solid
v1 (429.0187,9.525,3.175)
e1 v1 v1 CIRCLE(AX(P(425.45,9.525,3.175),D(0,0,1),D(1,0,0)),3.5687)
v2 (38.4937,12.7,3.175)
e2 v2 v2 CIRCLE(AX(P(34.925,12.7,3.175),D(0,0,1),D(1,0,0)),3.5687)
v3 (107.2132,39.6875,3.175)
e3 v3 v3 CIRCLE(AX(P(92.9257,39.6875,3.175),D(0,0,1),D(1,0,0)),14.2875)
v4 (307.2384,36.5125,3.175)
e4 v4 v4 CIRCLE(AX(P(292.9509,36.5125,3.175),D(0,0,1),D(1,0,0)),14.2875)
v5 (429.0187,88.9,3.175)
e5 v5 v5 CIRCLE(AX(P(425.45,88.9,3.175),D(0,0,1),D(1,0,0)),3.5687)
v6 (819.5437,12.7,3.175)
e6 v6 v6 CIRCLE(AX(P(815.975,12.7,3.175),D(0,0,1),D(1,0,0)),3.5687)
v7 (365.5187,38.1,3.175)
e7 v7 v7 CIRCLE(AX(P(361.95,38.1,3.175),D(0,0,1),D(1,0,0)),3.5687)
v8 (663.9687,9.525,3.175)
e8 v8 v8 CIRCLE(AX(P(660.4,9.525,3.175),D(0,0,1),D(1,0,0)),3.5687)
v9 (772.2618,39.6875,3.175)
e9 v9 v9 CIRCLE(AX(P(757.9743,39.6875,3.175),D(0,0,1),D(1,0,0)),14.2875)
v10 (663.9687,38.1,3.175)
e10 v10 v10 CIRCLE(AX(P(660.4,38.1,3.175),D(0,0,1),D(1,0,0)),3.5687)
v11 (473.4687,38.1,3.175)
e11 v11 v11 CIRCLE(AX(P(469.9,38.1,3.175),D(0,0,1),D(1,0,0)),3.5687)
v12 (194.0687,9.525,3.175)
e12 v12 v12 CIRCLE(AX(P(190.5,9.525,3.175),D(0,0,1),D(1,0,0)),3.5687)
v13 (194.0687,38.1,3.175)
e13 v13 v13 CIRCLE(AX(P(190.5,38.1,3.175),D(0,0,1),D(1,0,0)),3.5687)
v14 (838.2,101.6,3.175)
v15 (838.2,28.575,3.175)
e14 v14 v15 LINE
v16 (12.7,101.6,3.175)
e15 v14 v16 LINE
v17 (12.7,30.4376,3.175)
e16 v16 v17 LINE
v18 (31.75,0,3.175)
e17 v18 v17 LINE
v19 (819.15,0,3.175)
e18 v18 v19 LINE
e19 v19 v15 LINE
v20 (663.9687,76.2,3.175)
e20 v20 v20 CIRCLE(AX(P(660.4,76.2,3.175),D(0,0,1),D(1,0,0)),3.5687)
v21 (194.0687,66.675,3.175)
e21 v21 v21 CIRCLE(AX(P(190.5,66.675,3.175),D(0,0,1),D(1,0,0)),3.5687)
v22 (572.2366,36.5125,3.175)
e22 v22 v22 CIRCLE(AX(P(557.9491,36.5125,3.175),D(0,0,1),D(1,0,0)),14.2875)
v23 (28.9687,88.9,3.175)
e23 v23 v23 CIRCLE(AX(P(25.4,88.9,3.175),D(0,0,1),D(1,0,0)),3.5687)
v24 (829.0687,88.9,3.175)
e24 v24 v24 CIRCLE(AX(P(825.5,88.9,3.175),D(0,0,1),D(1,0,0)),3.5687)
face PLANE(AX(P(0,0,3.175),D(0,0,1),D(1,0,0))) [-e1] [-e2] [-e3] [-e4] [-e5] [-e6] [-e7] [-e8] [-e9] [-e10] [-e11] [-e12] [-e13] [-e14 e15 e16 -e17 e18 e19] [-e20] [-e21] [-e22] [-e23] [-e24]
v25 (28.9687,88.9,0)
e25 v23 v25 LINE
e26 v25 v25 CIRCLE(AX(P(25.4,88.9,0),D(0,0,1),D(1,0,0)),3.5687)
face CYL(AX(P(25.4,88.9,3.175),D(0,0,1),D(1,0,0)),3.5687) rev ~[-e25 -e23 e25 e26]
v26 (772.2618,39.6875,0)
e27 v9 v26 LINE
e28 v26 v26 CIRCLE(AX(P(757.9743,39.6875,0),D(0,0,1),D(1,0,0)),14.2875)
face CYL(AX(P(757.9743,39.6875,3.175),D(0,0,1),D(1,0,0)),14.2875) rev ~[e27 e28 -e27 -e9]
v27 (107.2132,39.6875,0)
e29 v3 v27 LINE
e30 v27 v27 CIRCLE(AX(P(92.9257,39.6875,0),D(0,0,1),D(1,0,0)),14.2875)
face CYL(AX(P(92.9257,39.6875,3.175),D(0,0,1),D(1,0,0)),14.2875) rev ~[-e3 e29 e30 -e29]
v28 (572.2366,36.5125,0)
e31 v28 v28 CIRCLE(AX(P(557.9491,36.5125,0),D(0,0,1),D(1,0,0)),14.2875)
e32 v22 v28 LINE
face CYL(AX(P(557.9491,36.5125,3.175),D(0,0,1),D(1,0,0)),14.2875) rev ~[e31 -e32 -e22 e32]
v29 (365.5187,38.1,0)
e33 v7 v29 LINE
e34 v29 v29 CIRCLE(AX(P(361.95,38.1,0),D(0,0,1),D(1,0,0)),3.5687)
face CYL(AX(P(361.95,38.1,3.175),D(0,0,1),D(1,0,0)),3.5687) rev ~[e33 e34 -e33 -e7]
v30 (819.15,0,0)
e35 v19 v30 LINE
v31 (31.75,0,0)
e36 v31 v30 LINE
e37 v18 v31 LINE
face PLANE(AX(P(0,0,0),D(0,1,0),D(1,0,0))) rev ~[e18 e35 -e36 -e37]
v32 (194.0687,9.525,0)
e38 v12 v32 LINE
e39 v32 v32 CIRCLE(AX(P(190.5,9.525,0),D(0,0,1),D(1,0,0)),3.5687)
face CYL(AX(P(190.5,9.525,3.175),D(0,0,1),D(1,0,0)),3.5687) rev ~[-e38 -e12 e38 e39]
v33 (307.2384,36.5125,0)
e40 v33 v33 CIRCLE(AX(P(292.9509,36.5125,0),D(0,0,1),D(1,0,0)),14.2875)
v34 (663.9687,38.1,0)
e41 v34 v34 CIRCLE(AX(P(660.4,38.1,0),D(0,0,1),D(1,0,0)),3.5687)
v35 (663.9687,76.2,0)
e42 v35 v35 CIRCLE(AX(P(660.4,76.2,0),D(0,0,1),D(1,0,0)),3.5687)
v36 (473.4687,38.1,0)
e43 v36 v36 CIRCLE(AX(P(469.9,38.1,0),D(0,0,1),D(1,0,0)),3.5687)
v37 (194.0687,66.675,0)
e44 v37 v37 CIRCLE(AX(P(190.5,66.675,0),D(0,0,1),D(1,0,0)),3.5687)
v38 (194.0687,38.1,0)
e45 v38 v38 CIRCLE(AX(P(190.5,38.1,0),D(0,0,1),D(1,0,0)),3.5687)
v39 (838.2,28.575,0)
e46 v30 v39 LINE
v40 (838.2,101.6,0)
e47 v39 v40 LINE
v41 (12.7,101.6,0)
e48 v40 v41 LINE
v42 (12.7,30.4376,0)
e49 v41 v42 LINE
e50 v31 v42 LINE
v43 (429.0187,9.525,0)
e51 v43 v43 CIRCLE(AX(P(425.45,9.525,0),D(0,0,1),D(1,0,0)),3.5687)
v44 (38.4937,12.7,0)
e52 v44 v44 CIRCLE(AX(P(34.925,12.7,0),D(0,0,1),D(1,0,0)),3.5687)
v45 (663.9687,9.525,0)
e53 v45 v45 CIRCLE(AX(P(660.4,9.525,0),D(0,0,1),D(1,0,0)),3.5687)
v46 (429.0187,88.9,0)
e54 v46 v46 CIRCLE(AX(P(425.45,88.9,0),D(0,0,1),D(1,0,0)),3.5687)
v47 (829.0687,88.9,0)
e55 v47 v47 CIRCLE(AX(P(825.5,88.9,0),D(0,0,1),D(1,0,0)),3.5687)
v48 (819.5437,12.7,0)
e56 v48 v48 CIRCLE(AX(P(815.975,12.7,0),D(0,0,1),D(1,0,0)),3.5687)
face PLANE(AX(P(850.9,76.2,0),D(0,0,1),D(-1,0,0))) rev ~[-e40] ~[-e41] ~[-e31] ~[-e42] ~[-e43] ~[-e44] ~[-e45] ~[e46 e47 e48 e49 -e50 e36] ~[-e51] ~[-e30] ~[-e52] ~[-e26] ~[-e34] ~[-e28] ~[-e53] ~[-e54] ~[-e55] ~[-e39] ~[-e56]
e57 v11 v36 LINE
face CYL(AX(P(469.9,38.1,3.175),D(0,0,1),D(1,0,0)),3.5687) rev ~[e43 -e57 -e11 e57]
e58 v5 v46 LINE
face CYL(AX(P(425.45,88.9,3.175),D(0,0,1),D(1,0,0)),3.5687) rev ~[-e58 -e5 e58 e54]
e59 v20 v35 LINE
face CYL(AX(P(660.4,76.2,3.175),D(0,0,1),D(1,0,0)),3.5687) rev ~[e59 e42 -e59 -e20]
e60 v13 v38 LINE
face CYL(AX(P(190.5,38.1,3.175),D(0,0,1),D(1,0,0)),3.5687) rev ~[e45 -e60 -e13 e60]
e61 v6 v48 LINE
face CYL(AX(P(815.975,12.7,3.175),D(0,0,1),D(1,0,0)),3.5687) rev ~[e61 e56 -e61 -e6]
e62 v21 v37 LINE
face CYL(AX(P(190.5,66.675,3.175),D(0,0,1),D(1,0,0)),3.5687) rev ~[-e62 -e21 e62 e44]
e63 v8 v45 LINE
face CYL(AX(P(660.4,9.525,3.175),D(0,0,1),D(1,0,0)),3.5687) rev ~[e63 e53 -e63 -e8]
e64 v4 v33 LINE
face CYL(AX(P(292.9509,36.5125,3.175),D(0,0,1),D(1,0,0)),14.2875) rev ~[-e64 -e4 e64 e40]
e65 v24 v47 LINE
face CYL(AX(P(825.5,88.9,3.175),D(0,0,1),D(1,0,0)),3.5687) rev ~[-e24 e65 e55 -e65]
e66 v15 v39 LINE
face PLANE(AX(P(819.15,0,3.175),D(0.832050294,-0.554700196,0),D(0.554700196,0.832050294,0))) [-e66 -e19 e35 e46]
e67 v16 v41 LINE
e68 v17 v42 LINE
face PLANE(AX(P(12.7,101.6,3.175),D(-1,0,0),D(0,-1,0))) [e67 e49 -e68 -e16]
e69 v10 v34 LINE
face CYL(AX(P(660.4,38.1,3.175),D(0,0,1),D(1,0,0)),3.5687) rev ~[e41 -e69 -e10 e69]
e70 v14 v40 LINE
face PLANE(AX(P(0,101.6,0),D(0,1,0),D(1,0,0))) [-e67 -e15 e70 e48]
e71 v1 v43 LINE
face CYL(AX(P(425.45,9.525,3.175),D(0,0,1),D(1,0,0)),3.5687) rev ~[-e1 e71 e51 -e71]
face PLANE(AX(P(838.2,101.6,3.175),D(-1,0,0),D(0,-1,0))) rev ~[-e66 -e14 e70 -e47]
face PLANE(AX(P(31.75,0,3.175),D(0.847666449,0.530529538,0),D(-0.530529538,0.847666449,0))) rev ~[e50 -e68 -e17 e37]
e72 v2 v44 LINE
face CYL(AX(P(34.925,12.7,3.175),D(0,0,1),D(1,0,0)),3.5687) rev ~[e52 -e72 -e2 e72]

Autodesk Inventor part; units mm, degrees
ref_plane "YZ Plane" through (0, 0, 0) normal (1, 0, 0) x (0, 1, 0)
ref_plane "XZ Plane" through (0, 0, 0) normal (0, 1, 0) x (-1, 0, 0)
ref_plane "XY Plane" through (0, 0, 0) normal (0, 0, 1) x (1, 0, 0)
sketch "Sketch1" plane through (0, 0, 0) normal (0, 0, 1) x (1, 0, 0)
  line L0 (0, 0) -> (850.9, 0)
  line L1 (850.9, 0) -> (850.9, 76.2)
  line L2 (850.9, 76.2) -> (0, 76.2)
  line L3 (0, 76.2) -> (0, 0)
  dimension "d0" = 850.9
  dimension "d1" = 76.2
extrude "Extrusion1" add sketch "Sketch1" along normal blind 3.175
sketch "Sketch4" plane through (0, 0, 3.175) normal (0, 0, 1) x (1, 0, 0)
  line L0 (0, 0) -> (0, 38.1)
  line L1 (0, 76.2) -> (0, 0) projected
  line L2 (0, 0) -> (25.4, 0)
  line L3 (0, 0) -> (850.9, 0) projected
  line L4 (25.4, 0) -> (0, 38.1)
  line L5 (850.9, 0) -> (825.5, 0)
  line L6 (850.9, 0) -> (850.9, 38.1)
  line L7 (850.9, 0) -> (850.9, 76.2) projected
  line L8 (850.9, 38.1) -> (825.5, 0)
  line L9 (0, 38.1) -> (0, 36.5125)
  circle A0 centre (292.9509, 36.5125) radius 14.2875
  circle A1 centre (557.9491, 36.5125) radius 14.2875
  circle A2 centre (757.9743, 39.6875) radius 14.2875
  circle A3 centre (92.9257, 39.6875) radius 14.2875
  dimension "d24" = 38.1
  dimension "d26" = 25.4
  dimension "d27" = 38.1
  dimension "d33" = 28.575
  dimension "d34" = 28.575
  dimension "d38" = 28.575
  dimension "d39" = 28.575
extrude "Extrusion3" cut sketch "Sketch4" against normal blind 3.175
sketch "Sketch5" plane through (0, 0, 3.175) normal (0, 0, 1) x (1, 0, 0)
  line L0 (850.9, 76.2) -> (0, 76.2) projected
  line L1 (0, 76.2) -> (425.45, 76.2)
  circle A0 centre (425.45, 66.675) radius 3.5687
  circle A1 centre (425.45, 9.525) radius 3.5687
  line L2 (25.4, 0) -> (825.5, 0) projected
  line L3 (0, 76.2) -> (190.5, 76.2)
  circle A2 centre (190.5, 66.675) radius 3.5687
  circle A3 centre (190.5, 9.525) radius 3.5687
  circle A4 centre (190.5, 38.1) radius 3.5687
  line L4 (850.9, 38.1) -> (850.9, 76.2) projected
  line L5 (850.9, 76.2) -> (660.4, 76.2)
  circle A5 centre (660.4, 66.675) radius 3.5687
  circle A6 centre (660.4, 9.525) radius 3.5687
  circle A7 centre (660.4, 38.1) radius 3.5687
  circle A8 centre (838.2, 63.5) radius 3.5687
  circle A9 centre (12.7, 63.5) radius 3.5687
  line L6 (0, 76.2) -> (0, 38.1) projected
  circle A10 centre (34.925, 12.7) radius 3.5687
  circle A11 centre (815.975, 12.7) radius 3.5687
  point P0 (0, 0)
  dimension "d42" = 425.45
  dimension "d43" = 7.1374
  dimension "d44" = 9.525
  dimension "d45" = 7.1374
  dimension "d46" = 9.525
  dimension "d47" = 190.5
  dimension "d48" = 7.1374
  dimension "d49" = 9.525
  dimension "d50" = 7.1374
  dimension "d51" = 9.525
  dimension "d52" = 7.1374
  dimension "d53" = 38.1
  dimension "d54" = 190.5
  dimension "d55" = 7.1374
  dimension "d56" = 9.525
  dimension "d57" = 7.1374
  dimension "d58" = 9.525
  dimension "d59" = 7.1374
  dimension "d60" = 38.1
  dimension "d61" = 7.1374
  dimension "d62" = 12.7
  dimension "d63" = 12.7
  dimension "d64" = 7.1374
  dimension "d65" = 12.7
  dimension "d66" = 12.7
  dimension "d67" = 7.1374
  dimension "d69" = 12.7
  dimension "d70" = 9.525
  dimension "d71" = 7.1374
  dimension "d72" = 12.7
  dimension "d73" = 9.525
extrude "Extrusion4" cut sketch "Sketch5" against normal blind 3.175
sketch "Sketch6" plane through (0, 0, 3.175) normal (0, 0, 1) x (1, 0, 0)
  circle A0 centre (361.95, 38.1) radius 3.5687
  circle A1 centre (469.9, 38.1) radius 3.5687
  line L0 (850.9, 76.2) -> (0, 76.2) projected
  circle A2 centre (292.9509, 36.5125) radius 14.2875 projected
  line L1 (0, 76.2) -> (0, 38.1) projected
  line L2 (850.9, 38.1) -> (850.9, 76.2) projected
  point P0 (0, 0)
  dimension "d76" = 7.1374
  dimension "d77" = 7.1374
  dimension "d78" = 38.1
  dimension "d79" = 38.1
  dimension "d82" = 381
  dimension "d83" = 361.95
extrude "Extrusion6" cut sketch "Sketch6" against normal blind 25.4 contours A0 | A1
sketch "Sketch7" plane through (0, 76.2, 0) normal (0, 1, 0) x (1, 0, 0)
  line L0 (850.9, 0) -> (0, 0) projected
  line L1 (0, 0) -> (0, -3.175) projected
  line L2 (850.9, -3.175) -> (0, -3.175) projected
  line L3 (850.9, 0) -> (850.9, -3.175) projected
extrude "Extrusion7" add sketch "Sketch7" along normal blind 25.4
sketch "Sketch8" plane through (0, 0, 3.175) normal (0, 0, 1) x (1, 0, 0)
  circle A0 centre (12.7, 63.5) radius 3.5687 projected
  circle A1 centre (838.2, 63.5) radius 3.5687 projected
  circle A2 centre (425.45, 66.675) radius 3.5687 projected
  point P0 (0, 0)
extrude "Extrusion9" add sketch "Sketch8" against normal blind 3.175
sketch "Sketch9" plane through (0, 0, 3.175) normal (0, 0, 1) x (1, 0, 0)
  circle A0 centre (12.7, 88.9) radius 3.5687
  line L0 (0, 101.6) -> (850.9, 101.6) projected
  line L1 (0, 38.1) -> (0, 101.6) projected
  circle A1 centre (838.2, 88.9) radius 3.5687
  line L2 (850.9, 38.1) -> (850.9, 101.6) projected
  circle A2 centre (425.45, 88.9) radius 3.5687
  point P0 (0, 0)
  dimension "d95" = 7.1374
  dimension "d96" = 12.7
  dimension "d97" = 12.7
  dimension "d98" = 7.1374
  dimension "d99" = 12.7
  dimension "d100" = 12.7
  dimension "d101" = 7.1374
extrude "Extrusion10" cut sketch "Sketch9" against normal blind 3.175
sketch "Sketch10" plane through (0, 0, 3.175) normal (0, 0, 1) x (1, 0, 0)
  line L0 (0, 38.1) -> (0, 101.6) projected
  line L1 (0, 101.6) -> (12.7, 101.6)
  line L2 (0, 101.6) -> (850.9, 101.6) projected
  line L3 (12.7, 101.6) -> (12.7, 19.05)
  line L4 (0, 38.1) -> (25.4, 0) projected
  line L5 (850.9, 101.6) -> (838.2, 101.6)
  line L6 (838.2, 101.6) -> (838.2, 19.05)
  line L7 (825.5, 0) -> (850.9, 38.1) projected
  line L8 (838.2, 19.05) -> (850.9, 38.1)
  line L9 (850.9, 38.1) -> (850.9, 101.6) projected
  line L10 (850.9, 101.6) -> (850.9, 38.1)
  line L11 (12.7, 19.05) -> (0, 38.1)
  line L12 (0, 101.6) -> (0, 38.1)
  point P0 (0, 0)
  dimension "d104" = 12.7
  dimension "d105" = 12.7
extrude "Extrusion11" cut sketch "Sketch10" against normal blind 25.4
sketch "Sketch11" plane through (0, 0, 3.175) normal (0, 0, 1) x (1, 0, 0)
  arc A0 (12.7, 85.3313) -> (12.7, 92.4687) centre (12.7, 88.9) ccw projected
  line L0 (12.7, 92.4687) -> (12.7, 85.3313)
  arc A1 (838.2, 92.4687) -> (838.2, 85.3313) centre (838.2, 88.9) ccw projected
  line L1 (838.2, 92.4687) -> (838.2, 85.3313)
  point P0 (0, 0)
extrude "Extrusion12" add sketch "Sketch11" against normal blind 3.175
sketch "Sketch12" plane through (0, 0, 3.175) normal (0, 0, 1) x (1, 0, 0)
  line L0 (25.4, 0) -> (825.5, 0) projected
  line L1 (25.4, 0) -> (31.75, 0)
  line L2 (31.75, 0) -> (12.7, 30.4376)
  line L3 (12.7, 19.05) -> (12.7, 101.6) projected
  line L4 (12.7, 30.4376) -> (12.7, 19.05)
  line L5 (25.4, 0) -> (12.7, 19.05) projected
  line L6 (12.7, 19.05) -> (25.4, 0)
  line L7 (25.4, 0) -> (31.75, 0)
  line L8 (25.4, 0) -> (12.7, 19.05)
  line L9 (838.2, 19.05) -> (825.5, 0) projected
  line L10 (825.5, 0) -> (819.15, 0)
  line L11 (819.15, 0) -> (838.2, 28.575)
  line L12 (838.2, 101.6) -> (838.2, 19.05) projected
  line L13 (838.2, 28.575) -> (838.2, 19.05)
  line L14 (838.2, 19.05) -> (825.5, 0)
  point P0 (0, 0)
  dimension "d111" = 6.35
  dimension "d113" = 6.35
extrude "Extrusion13" cut sketch "Sketch12" against normal blind 3.175
sketch "Sketch13" plane through (0, 0, 3.175) normal (0, 0, 1) x (1, 0, 0)
  circle A0 centre (25.4, 88.9) radius 3.5687
  line L0 (12.7, 101.6) -> (838.2, 101.6) projected
  line L1 (12.7, 101.6) -> (12.7, 30.4376) projected
  circle A1 centre (825.5, 88.9) radius 3.5687
  line L2 (838.2, 101.6) -> (838.2, 28.575) projected
  point P0 (0, 0)
  dimension "d116" = 7.1374
  dimension "d117" = 12.7
  dimension "d118" = 12.7
  dimension "d119" = 7.1374
  dimension "d120" = 12.7
  dimension "d121" = 12.7
extrude "Extrusion14" cut sketch "Sketch13" against normal blind 3.175
sketch "Sketch14" plane through (0, 0, 3.175) normal (0, 0, 1) x (1, 0, 0)
  circle A0 centre (660.4, 66.675) radius 3.5687 projected
  circle A1 centre (660.4, 38.1) radius 3.5687 projected
  point P0 (0, 0)
  dimension "d124" = 28.575
extrude "Extrusion15" add sketch "Sketch14" against normal blind 3.175 contours A0
sketch "Sketch15" plane through (0, 0, 3.175) normal (0, 0, 1) x (1, 0, 0)
  circle A0 centre (660.4, 38.1) radius 3.5687 projected
  circle A1 centre (660.4, 76.2) radius 3.5687
  point P0 (0, 0)
  dimension "d127" = 7.1374
  dimension "d128" = 38.1
extrude "Extrusion16" cut sketch "Sketch15" against normal blind 3.175 contours A1
properties part number "OutsidePlate2" material "Aluminum 6061"
